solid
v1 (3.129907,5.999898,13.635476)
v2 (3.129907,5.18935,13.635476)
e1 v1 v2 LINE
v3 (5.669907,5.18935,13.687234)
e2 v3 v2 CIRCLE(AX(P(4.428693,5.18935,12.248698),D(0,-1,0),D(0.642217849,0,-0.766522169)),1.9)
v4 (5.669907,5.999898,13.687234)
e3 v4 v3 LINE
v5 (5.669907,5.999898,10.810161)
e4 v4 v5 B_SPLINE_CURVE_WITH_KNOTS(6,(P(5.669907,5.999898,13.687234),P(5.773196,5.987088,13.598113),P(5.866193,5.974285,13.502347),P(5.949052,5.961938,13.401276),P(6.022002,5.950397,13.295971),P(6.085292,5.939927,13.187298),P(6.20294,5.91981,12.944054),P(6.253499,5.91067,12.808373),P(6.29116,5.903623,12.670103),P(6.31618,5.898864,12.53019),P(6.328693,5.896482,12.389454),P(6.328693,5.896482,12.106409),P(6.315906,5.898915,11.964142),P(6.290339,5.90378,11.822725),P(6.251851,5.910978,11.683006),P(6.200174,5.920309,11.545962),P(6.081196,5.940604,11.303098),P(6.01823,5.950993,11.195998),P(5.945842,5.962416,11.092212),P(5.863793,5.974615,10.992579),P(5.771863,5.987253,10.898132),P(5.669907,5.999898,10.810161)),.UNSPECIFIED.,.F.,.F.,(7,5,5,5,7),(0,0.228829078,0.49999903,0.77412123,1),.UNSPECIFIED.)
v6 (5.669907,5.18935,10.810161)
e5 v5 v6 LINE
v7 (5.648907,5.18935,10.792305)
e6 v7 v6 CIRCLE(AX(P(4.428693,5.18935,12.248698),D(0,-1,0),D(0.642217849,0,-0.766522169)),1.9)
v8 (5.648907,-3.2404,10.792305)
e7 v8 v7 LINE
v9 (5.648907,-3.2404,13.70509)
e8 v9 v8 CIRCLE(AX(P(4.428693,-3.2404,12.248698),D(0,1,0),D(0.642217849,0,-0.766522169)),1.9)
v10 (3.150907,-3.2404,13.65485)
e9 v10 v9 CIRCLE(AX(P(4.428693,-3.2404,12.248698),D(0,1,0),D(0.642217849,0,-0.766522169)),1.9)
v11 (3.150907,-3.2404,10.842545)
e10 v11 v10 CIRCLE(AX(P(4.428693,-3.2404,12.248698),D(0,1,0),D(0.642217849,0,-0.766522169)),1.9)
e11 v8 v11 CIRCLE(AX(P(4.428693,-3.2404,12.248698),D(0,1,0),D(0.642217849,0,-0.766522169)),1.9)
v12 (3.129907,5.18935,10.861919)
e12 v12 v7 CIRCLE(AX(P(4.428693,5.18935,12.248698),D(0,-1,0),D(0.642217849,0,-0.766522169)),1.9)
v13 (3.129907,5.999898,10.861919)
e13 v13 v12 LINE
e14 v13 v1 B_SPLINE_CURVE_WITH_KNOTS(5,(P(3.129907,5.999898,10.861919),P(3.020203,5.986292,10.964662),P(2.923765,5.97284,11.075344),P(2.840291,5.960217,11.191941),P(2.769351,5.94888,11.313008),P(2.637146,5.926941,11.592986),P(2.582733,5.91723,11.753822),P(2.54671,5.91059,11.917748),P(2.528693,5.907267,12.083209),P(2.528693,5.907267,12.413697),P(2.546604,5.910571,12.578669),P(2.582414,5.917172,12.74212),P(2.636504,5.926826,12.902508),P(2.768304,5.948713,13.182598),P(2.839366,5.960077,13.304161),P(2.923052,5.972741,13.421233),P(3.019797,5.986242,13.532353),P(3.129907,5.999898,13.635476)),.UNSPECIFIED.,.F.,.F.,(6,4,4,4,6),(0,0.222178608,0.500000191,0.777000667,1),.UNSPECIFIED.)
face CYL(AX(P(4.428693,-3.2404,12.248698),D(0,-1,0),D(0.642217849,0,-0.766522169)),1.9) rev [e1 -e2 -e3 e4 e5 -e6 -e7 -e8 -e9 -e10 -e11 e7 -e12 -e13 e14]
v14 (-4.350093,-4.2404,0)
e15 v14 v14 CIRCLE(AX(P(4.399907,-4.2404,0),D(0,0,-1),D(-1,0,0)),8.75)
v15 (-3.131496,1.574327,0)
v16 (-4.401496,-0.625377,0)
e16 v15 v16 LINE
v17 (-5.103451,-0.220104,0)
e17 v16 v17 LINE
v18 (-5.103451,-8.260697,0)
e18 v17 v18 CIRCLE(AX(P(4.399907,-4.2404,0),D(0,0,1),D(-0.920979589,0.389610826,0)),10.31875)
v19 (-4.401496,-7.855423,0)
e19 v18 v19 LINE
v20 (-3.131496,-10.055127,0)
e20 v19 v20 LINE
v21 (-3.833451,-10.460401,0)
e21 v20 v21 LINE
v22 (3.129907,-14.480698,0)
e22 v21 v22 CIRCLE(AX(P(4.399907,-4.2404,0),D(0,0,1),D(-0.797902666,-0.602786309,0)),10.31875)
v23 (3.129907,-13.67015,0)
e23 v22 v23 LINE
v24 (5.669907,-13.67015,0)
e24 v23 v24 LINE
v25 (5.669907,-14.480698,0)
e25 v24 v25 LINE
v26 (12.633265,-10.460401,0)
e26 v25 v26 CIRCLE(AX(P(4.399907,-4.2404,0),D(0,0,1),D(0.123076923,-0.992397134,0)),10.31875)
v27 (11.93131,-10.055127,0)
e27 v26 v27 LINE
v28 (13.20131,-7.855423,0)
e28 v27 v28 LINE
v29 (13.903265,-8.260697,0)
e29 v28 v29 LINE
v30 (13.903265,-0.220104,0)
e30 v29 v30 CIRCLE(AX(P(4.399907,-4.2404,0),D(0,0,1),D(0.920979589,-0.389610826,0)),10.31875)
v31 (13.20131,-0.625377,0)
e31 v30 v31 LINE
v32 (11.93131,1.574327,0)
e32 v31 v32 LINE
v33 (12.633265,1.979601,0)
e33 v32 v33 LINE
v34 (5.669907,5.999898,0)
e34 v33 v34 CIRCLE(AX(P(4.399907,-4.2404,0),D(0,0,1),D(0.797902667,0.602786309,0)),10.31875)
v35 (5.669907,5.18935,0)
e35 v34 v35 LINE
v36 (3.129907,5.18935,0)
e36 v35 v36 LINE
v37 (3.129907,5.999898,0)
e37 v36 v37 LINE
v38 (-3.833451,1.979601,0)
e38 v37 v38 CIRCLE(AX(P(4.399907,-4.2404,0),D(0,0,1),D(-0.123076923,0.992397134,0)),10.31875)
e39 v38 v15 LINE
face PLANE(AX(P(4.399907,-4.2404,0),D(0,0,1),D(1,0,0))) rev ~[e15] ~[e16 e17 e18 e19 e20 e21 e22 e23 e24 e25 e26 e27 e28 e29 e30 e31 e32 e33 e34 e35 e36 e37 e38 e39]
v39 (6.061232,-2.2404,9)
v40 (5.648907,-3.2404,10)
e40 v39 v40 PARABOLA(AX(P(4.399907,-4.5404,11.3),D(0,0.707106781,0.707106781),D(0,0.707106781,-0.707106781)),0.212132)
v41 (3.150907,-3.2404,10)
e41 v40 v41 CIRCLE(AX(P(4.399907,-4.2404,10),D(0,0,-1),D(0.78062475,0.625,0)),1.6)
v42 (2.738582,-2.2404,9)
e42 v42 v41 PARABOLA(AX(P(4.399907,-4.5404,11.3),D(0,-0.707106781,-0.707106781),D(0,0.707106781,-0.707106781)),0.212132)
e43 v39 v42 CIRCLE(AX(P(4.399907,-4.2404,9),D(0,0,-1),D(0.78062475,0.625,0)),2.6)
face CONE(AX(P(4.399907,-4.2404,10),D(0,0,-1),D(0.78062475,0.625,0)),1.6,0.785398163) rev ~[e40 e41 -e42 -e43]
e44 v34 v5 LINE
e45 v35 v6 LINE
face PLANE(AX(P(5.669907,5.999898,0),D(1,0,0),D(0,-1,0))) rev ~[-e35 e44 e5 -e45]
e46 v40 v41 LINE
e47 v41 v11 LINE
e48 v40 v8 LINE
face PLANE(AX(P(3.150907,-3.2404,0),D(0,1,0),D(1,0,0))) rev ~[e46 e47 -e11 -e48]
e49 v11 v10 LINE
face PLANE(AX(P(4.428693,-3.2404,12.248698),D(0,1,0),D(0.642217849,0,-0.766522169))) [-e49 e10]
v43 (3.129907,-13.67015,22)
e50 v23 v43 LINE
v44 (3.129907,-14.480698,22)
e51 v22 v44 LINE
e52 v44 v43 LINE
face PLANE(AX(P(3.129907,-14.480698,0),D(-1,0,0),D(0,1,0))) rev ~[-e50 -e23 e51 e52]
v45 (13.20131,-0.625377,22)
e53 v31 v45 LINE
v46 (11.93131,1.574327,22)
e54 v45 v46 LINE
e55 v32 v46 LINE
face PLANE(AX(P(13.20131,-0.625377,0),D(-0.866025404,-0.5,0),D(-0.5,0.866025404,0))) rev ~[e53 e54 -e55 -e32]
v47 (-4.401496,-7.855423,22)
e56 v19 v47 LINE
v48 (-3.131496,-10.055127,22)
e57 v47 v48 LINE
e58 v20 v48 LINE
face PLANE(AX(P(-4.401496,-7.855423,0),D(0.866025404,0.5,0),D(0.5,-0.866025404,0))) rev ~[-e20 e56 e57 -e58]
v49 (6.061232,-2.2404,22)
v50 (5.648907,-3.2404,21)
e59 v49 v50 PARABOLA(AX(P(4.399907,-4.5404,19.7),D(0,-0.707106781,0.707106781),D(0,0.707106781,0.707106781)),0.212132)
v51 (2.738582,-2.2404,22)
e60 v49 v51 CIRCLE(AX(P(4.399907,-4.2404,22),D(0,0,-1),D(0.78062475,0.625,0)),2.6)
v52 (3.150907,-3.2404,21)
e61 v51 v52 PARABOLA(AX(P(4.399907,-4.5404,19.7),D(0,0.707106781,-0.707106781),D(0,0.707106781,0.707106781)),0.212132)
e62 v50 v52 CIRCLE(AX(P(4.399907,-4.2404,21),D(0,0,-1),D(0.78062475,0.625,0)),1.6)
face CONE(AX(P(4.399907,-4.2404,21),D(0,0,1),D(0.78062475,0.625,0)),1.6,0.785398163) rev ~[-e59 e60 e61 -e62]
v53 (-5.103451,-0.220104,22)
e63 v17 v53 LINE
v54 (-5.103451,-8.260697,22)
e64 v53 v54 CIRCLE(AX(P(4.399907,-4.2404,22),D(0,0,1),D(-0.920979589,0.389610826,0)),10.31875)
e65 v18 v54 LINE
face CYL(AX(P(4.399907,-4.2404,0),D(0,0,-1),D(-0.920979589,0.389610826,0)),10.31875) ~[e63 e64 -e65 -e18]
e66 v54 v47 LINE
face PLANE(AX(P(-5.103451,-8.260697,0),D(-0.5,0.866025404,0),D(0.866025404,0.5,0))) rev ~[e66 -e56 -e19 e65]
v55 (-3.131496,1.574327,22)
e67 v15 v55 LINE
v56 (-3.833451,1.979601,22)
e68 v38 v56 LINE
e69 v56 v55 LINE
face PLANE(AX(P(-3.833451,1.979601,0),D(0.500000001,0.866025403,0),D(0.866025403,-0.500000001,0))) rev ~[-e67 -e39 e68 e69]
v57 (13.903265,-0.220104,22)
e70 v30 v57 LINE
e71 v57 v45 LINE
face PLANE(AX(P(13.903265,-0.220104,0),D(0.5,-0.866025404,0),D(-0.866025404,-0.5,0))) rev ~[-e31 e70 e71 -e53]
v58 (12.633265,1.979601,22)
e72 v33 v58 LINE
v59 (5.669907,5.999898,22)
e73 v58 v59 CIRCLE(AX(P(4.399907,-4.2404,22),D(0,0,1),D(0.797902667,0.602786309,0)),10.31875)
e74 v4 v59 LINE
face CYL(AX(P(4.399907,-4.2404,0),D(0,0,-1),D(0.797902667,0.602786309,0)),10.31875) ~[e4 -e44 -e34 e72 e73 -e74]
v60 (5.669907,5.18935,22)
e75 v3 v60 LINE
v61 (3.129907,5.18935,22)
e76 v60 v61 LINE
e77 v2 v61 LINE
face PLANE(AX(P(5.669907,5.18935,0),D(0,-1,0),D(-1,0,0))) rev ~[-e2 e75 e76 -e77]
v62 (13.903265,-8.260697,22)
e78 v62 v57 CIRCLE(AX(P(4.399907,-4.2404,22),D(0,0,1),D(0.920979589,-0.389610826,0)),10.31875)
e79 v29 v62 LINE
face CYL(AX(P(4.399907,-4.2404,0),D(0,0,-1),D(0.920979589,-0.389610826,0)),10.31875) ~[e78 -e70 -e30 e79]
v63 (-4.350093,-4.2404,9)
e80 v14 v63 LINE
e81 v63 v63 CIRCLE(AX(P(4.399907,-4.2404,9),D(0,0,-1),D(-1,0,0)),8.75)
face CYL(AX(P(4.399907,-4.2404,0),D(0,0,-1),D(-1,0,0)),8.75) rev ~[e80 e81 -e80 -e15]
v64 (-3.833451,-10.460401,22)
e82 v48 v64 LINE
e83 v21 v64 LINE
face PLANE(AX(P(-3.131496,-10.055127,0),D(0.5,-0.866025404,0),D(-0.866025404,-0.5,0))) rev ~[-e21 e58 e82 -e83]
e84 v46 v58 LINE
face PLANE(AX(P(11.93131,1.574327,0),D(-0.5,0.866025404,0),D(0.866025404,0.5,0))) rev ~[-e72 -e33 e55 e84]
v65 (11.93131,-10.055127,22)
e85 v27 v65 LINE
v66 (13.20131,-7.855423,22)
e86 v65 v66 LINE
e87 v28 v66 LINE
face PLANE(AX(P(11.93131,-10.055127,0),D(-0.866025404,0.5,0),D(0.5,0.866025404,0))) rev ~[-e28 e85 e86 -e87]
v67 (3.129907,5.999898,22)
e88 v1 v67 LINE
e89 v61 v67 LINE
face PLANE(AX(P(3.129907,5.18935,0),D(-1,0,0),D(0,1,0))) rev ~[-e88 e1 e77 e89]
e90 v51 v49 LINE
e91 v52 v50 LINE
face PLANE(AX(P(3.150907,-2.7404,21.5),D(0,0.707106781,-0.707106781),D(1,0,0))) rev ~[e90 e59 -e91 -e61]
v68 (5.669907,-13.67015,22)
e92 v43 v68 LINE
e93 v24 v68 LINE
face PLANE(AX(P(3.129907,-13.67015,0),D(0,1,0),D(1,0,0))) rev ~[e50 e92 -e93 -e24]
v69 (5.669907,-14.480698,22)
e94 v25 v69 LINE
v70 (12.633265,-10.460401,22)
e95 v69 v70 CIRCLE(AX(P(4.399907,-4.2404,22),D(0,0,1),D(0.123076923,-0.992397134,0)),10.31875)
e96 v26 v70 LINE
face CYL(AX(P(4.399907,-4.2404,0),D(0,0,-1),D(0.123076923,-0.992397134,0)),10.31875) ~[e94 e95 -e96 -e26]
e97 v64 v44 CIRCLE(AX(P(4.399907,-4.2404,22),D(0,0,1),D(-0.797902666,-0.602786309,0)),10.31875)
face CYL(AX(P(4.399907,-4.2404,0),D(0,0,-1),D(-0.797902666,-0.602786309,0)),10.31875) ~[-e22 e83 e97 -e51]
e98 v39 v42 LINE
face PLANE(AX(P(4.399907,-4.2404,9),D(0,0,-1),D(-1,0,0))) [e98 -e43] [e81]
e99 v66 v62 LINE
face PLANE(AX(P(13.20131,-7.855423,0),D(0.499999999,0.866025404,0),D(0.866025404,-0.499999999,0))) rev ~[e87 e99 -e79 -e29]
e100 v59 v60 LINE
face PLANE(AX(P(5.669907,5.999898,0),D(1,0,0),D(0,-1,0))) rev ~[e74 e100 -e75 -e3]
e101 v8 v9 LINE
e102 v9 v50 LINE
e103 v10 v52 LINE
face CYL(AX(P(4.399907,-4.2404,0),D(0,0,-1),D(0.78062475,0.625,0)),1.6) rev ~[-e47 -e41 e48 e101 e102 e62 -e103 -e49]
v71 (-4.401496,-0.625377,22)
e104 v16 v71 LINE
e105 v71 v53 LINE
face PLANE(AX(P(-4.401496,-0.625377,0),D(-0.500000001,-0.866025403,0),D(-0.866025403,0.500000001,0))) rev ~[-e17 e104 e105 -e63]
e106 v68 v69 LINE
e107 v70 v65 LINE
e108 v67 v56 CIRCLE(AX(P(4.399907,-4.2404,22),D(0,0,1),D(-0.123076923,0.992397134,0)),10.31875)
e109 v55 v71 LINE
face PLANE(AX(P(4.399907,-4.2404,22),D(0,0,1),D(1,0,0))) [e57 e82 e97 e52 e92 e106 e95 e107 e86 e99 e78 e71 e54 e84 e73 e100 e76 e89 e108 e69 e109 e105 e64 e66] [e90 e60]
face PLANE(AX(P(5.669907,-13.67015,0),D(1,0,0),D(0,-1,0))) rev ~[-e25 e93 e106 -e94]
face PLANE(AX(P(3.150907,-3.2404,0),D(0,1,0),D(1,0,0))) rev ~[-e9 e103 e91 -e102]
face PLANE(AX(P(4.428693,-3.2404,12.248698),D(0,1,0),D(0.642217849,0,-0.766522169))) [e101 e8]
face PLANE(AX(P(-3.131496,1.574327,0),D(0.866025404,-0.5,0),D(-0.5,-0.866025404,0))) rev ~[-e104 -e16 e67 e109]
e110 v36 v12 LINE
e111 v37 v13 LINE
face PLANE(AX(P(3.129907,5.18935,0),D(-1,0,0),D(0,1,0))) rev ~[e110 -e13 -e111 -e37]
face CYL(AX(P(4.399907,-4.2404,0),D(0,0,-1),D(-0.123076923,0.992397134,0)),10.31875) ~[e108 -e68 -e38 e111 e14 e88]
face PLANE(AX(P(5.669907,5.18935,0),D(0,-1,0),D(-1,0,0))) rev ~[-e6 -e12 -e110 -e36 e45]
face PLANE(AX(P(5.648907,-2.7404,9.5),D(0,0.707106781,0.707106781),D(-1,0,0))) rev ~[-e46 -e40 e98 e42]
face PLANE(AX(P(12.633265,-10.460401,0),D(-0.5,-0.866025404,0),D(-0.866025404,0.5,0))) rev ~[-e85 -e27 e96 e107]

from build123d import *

# Parameters (mm, degrees)
EXTRUDE_1_DEPTH          = 22
SKETCH_2_R               = 8.75
CUT_EXTRUDE_1_DEPTH      = 9
CUT_EXTRUDE_3_DEPTH      = 1
CUT_EXTRUDE_3_DEPTH_BACK = 8.42975
SKETCH_4_R               = 1.9
CHAMFER_2_SIZE           = 1


with BuildPart() as part:
    # Эскиз1 → Бобышка-Вытянуть1 (new body)
    with BuildSketch(Plane.XY):
        with BuildLine():
            Line((13.201310027, -7.85542296), (13.90326512, -8.260696921))
            ThreePointArc((13.90326512, -8.260696921), (14.718656981, -4.240400213), (13.903265122, -0.220103504))
            Line((13.903265122, -0.220103504), (13.201310027, -0.625377467))
            Line((13.201310027, -0.625377467), (11.931310033, 1.574327047))
            Line((11.931310033, 1.574327047), (12.633265127, 1.979601009))
            ThreePointArc((12.633265127, 1.979601009), (9.559281984, 4.695899416), (5.669906988, 5.999897702))
            Line((5.669906988, 5.999897702), (5.669906988, 5.189349779))
            Line((5.669906988, 5.189349779), (3.129906988, 5.189349779))
            Line((3.129906988, 5.189349779), (3.129906988, 5.999897708))
            ThreePointArc((3.129906988, 5.999897708), (-0.759468012, 4.69589942), (-3.833451156, 1.979601011))
            Line((-3.833451156, 1.979601011), (-3.131496059, 1.574327046))
            Line((-3.131496059, 1.574327046), (-4.401496055, -0.625377472))
            Line((-4.401496055, -0.625377472), (-5.103451147, -0.22010351))
            ThreePointArc((-5.103451147, -0.22010351), (-5.918843009, -4.240400218), (-5.10345115, -8.260696926))
            Line((-5.10345115, -8.260696926), (-4.401496056, -7.855422963))
            Line((-4.401496056, -7.855422963), (-3.13149606, -10.055127481))
            Line((-3.13149606, -10.055127481), (-3.833451154, -10.460401444))
            ThreePointArc((-3.833451154, -10.460401444), (-0.759468012, -13.17669985), (3.129906983, -14.480698136))
            Line((3.129906983, -14.480698136), (3.129906983, -13.670150213))
            Line((3.129906983, -13.670150213), (5.669906983, -13.670150213))
            Line((5.669906983, -13.670150213), (5.669906983, -14.480698142))
            ThreePointArc((5.669906983, -14.480698142), (9.559281984, -13.176699854), (12.633265129, -10.460401443))
            Line((12.633265129, -10.460401443), (11.931310031, -10.055127478))
            Line((11.931310031, -10.055127478), (13.201310027, -7.85542296))
        make_face()
        with BuildLine():
            Line((3.15090739, -3.240400222), (5.64890659, -3.240400222))
            ThreePointArc((5.64890659, -3.240400222), (4.39990699, -5.840400222), (3.15090739, -3.240400222))
        make_face(mode=Mode.SUBTRACT)
    extrude(amount=EXTRUDE_1_DEPTH)

    # Эскиз2 → Вырез-Вытянуть1 (cut)
    with BuildSketch(Plane(origin=(0, 0, 0), x_dir=(-1, 0, 0), z_dir=(0, 0, -1))):
        with Locations((-4.39990699, -4.240400222)):
            Circle(SKETCH_2_R)
    extrude(amount=-CUT_EXTRUDE_1_DEPTH, mode=Mode.SUBTRACT)

    # Эскиз4 → Вырез-Вытянуть3 (cut, two sides: drawn at the far end of the back side and taken through both)
    with BuildSketch(Plane(origin=(0, 5.189349779, 0), x_dir=(1, 0, 0), z_dir=(0, 1, 0)).offset(-CUT_EXTRUDE_3_DEPTH_BACK)):
        with Locations(Location((4.428692677, -12.248697559, 0), (0, 0, 50.042601615))):
            Circle(SKETCH_4_R)
    extrude(amount=CUT_EXTRUDE_3_DEPTH + CUT_EXTRUDE_3_DEPTH_BACK, mode=Mode.SUBTRACT)

    # Фаска2
    chamfer_2_edges = [part.edges().sort_by_distance(p)[0] for p in [
        (4.39990699, -5.840400222, 22),
        (4.39990699, -3.240400222, 22),
        (4.39990699, -3.240400222, 9),
        (4.39990699, -5.840400222, 9),
    ]]
    chamfer(chamfer_2_edges, length=CHAMFER_2_SIZE)


solid = part.part
